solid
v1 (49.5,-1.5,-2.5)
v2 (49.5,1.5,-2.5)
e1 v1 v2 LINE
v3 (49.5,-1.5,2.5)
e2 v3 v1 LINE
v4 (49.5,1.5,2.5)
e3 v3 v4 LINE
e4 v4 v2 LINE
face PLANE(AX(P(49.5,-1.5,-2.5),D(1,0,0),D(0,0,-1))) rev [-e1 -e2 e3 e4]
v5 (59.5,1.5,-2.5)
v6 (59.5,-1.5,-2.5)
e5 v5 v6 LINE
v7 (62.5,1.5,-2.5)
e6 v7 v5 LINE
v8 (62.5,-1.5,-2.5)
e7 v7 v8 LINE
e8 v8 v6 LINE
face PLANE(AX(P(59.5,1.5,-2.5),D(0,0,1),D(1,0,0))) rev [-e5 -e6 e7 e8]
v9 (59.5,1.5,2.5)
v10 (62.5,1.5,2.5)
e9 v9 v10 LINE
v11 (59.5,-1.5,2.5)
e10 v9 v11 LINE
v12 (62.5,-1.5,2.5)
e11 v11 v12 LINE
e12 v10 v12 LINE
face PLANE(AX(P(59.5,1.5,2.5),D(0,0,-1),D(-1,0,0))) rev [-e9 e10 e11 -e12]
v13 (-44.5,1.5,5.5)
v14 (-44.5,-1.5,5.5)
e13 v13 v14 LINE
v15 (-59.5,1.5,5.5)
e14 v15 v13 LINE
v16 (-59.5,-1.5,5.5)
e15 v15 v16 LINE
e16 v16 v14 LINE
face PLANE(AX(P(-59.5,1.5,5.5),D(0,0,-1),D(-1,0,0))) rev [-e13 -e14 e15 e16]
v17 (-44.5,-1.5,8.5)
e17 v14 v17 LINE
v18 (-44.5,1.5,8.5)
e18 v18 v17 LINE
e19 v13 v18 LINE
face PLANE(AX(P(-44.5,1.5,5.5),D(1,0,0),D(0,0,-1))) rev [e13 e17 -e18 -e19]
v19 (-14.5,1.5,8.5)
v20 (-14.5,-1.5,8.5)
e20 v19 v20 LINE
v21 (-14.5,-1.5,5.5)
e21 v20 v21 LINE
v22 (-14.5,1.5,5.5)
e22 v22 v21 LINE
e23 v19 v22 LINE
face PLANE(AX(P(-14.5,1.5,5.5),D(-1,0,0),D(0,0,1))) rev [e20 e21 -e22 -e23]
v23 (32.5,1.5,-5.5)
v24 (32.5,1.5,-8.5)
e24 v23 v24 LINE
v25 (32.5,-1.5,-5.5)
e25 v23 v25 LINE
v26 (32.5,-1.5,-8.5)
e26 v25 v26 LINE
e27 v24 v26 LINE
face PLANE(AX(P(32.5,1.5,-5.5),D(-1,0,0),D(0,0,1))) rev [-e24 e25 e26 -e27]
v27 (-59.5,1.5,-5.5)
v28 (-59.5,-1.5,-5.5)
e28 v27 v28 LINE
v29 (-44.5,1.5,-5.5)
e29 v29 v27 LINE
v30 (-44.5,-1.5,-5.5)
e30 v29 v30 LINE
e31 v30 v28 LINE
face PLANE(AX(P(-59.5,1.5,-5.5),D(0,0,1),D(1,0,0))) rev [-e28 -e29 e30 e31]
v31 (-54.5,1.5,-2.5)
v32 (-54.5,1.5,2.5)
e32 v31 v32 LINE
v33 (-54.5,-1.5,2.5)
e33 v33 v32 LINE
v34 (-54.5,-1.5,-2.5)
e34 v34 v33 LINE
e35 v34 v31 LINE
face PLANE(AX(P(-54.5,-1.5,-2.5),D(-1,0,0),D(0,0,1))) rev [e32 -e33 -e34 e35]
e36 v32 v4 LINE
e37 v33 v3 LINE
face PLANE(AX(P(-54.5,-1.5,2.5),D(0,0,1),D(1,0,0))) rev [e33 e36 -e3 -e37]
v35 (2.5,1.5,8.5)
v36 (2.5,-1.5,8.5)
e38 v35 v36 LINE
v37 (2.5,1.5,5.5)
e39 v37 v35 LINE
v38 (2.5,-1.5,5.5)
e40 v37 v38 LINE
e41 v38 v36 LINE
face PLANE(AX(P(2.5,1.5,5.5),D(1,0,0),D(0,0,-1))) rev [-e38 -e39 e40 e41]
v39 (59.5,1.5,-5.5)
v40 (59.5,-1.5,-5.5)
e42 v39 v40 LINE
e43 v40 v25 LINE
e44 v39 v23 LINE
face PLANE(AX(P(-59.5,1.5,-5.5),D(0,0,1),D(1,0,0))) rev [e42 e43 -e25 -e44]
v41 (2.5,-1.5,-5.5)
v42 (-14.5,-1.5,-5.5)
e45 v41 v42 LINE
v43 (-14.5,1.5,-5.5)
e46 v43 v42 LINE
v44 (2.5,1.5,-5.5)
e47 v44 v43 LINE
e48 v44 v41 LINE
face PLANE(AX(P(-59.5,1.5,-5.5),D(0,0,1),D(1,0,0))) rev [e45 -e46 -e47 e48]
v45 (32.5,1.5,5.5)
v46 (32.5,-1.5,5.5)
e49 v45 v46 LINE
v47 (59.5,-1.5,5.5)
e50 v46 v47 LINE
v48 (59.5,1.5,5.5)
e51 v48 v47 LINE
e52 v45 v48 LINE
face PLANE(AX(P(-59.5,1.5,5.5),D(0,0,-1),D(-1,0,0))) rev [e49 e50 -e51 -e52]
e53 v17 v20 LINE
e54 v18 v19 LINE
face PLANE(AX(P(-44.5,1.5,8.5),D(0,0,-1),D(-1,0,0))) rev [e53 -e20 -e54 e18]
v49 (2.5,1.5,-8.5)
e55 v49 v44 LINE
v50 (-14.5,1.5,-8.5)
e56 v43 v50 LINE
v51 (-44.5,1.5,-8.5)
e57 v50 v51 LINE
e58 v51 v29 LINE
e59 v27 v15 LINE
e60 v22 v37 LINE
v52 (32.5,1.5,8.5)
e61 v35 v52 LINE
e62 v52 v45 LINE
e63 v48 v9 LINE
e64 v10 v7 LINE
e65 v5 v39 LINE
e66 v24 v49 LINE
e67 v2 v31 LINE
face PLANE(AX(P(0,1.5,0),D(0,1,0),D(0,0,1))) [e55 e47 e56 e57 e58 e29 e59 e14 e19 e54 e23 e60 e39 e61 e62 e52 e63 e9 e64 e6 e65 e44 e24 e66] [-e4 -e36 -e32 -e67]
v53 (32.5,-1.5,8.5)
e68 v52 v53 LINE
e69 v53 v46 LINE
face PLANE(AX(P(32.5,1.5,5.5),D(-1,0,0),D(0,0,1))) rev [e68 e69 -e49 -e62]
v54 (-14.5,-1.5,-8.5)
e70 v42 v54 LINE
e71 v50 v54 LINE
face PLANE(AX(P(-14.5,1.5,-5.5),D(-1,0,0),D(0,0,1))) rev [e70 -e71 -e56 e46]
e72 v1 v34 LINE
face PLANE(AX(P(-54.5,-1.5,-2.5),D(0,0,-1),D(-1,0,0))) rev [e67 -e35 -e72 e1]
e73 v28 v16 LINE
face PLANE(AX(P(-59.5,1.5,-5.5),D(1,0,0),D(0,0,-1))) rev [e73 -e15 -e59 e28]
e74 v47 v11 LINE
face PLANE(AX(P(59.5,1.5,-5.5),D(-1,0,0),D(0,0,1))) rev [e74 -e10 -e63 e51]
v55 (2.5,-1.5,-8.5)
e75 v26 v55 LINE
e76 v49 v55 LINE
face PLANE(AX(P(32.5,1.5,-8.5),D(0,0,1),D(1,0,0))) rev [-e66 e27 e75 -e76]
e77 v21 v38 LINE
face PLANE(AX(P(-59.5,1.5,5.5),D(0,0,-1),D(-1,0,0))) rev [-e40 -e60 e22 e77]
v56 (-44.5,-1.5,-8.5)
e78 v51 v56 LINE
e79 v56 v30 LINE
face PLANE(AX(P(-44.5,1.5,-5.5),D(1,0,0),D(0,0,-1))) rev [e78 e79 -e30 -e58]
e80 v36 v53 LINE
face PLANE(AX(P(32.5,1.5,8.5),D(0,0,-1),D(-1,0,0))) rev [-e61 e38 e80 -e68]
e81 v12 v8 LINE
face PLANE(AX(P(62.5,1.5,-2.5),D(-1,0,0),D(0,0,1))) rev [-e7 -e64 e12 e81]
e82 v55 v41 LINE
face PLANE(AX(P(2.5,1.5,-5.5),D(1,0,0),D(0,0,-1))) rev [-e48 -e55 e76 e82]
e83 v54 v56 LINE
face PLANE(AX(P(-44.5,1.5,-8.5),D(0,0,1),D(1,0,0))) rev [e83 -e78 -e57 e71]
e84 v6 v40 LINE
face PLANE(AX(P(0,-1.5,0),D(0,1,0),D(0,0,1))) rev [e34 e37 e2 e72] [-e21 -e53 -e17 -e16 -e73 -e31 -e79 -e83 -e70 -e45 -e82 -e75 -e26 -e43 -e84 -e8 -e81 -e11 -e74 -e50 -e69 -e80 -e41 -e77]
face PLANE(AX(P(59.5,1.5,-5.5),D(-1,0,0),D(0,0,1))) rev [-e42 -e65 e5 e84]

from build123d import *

# Parameters (mm, degrees)
SKETCH1_W               = 119
SKETCH1_H               = 11
BOSS_EXTRUDE1_DEPTH     = 1.5
SKETCH2_W               = 30
SKETCH2_H               = 3
BOSS_EXTRUDE2_DEPTH     = 1.5
CUT_EXTRUDE1_DEPTH      = 61.12279102
CUT_EXTRUDE1_DEPTH_BACK = 61.12279102
SKETCH3_W               = 104
SKETCH3_H               = 5
SKETCH4_W               = 3
SKETCH4_H               = 5
BOSS_EXTRUDE3_DEPTH     = 1.5


with BuildPart() as part:
    # Sketch1 → Boss-Extrude1 (new, symmetric)
    with BuildSketch(Plane(origin=(0, 0, 0), x_dir=(1, 0, 0), z_dir=(0, 1, 0))):
        Rectangle(SKETCH1_W, SKETCH1_H)
    extrude(amount=BOSS_EXTRUDE1_DEPTH, both=True)

    # Sketch2 → Boss-Extrude2 (add, symmetric)
    with BuildSketch(Plane(origin=(0, 0, 0), x_dir=(1, 0, 0), z_dir=(0, 1, 0))):
        with Locations((-29.5, -7)):
            Rectangle(SKETCH2_W, SKETCH2_H)
        with Locations((-29.5, 7)):
            Rectangle(SKETCH2_W, SKETCH2_H)
        with Locations((17.5, -7)):
            Rectangle(SKETCH2_W, SKETCH2_H)
        with Locations((17.5, 7)):
            Rectangle(SKETCH2_W, SKETCH2_H)
    extrude(amount=BOSS_EXTRUDE2_DEPTH, both=True)

    # Sketch3 → Cut-Extrude1 (cut, two sides: drawn at the far end of the back side and taken through both)
    with BuildSketch(Plane(origin=(0, 0, 0), x_dir=(1, 0, 0), z_dir=(0, 1, 0)).offset(-CUT_EXTRUDE1_DEPTH_BACK)):
        with Locations((-2.5, 0)):
            Rectangle(SKETCH3_W, SKETCH3_H)
    extrude(amount=CUT_EXTRUDE1_DEPTH + CUT_EXTRUDE1_DEPTH_BACK, mode=Mode.SUBTRACT)

    # Sketch4 → Boss-Extrude3 (add, symmetric)
    with BuildSketch(Plane(origin=(0, 0, 0), x_dir=(1, 0, 0), z_dir=(0, 1, 0))):
        with Locations((61, 0)):
            Rectangle(SKETCH4_W, SKETCH4_H)
    extrude(amount=BOSS_EXTRUDE3_DEPTH, both=True)


solid = part.part
